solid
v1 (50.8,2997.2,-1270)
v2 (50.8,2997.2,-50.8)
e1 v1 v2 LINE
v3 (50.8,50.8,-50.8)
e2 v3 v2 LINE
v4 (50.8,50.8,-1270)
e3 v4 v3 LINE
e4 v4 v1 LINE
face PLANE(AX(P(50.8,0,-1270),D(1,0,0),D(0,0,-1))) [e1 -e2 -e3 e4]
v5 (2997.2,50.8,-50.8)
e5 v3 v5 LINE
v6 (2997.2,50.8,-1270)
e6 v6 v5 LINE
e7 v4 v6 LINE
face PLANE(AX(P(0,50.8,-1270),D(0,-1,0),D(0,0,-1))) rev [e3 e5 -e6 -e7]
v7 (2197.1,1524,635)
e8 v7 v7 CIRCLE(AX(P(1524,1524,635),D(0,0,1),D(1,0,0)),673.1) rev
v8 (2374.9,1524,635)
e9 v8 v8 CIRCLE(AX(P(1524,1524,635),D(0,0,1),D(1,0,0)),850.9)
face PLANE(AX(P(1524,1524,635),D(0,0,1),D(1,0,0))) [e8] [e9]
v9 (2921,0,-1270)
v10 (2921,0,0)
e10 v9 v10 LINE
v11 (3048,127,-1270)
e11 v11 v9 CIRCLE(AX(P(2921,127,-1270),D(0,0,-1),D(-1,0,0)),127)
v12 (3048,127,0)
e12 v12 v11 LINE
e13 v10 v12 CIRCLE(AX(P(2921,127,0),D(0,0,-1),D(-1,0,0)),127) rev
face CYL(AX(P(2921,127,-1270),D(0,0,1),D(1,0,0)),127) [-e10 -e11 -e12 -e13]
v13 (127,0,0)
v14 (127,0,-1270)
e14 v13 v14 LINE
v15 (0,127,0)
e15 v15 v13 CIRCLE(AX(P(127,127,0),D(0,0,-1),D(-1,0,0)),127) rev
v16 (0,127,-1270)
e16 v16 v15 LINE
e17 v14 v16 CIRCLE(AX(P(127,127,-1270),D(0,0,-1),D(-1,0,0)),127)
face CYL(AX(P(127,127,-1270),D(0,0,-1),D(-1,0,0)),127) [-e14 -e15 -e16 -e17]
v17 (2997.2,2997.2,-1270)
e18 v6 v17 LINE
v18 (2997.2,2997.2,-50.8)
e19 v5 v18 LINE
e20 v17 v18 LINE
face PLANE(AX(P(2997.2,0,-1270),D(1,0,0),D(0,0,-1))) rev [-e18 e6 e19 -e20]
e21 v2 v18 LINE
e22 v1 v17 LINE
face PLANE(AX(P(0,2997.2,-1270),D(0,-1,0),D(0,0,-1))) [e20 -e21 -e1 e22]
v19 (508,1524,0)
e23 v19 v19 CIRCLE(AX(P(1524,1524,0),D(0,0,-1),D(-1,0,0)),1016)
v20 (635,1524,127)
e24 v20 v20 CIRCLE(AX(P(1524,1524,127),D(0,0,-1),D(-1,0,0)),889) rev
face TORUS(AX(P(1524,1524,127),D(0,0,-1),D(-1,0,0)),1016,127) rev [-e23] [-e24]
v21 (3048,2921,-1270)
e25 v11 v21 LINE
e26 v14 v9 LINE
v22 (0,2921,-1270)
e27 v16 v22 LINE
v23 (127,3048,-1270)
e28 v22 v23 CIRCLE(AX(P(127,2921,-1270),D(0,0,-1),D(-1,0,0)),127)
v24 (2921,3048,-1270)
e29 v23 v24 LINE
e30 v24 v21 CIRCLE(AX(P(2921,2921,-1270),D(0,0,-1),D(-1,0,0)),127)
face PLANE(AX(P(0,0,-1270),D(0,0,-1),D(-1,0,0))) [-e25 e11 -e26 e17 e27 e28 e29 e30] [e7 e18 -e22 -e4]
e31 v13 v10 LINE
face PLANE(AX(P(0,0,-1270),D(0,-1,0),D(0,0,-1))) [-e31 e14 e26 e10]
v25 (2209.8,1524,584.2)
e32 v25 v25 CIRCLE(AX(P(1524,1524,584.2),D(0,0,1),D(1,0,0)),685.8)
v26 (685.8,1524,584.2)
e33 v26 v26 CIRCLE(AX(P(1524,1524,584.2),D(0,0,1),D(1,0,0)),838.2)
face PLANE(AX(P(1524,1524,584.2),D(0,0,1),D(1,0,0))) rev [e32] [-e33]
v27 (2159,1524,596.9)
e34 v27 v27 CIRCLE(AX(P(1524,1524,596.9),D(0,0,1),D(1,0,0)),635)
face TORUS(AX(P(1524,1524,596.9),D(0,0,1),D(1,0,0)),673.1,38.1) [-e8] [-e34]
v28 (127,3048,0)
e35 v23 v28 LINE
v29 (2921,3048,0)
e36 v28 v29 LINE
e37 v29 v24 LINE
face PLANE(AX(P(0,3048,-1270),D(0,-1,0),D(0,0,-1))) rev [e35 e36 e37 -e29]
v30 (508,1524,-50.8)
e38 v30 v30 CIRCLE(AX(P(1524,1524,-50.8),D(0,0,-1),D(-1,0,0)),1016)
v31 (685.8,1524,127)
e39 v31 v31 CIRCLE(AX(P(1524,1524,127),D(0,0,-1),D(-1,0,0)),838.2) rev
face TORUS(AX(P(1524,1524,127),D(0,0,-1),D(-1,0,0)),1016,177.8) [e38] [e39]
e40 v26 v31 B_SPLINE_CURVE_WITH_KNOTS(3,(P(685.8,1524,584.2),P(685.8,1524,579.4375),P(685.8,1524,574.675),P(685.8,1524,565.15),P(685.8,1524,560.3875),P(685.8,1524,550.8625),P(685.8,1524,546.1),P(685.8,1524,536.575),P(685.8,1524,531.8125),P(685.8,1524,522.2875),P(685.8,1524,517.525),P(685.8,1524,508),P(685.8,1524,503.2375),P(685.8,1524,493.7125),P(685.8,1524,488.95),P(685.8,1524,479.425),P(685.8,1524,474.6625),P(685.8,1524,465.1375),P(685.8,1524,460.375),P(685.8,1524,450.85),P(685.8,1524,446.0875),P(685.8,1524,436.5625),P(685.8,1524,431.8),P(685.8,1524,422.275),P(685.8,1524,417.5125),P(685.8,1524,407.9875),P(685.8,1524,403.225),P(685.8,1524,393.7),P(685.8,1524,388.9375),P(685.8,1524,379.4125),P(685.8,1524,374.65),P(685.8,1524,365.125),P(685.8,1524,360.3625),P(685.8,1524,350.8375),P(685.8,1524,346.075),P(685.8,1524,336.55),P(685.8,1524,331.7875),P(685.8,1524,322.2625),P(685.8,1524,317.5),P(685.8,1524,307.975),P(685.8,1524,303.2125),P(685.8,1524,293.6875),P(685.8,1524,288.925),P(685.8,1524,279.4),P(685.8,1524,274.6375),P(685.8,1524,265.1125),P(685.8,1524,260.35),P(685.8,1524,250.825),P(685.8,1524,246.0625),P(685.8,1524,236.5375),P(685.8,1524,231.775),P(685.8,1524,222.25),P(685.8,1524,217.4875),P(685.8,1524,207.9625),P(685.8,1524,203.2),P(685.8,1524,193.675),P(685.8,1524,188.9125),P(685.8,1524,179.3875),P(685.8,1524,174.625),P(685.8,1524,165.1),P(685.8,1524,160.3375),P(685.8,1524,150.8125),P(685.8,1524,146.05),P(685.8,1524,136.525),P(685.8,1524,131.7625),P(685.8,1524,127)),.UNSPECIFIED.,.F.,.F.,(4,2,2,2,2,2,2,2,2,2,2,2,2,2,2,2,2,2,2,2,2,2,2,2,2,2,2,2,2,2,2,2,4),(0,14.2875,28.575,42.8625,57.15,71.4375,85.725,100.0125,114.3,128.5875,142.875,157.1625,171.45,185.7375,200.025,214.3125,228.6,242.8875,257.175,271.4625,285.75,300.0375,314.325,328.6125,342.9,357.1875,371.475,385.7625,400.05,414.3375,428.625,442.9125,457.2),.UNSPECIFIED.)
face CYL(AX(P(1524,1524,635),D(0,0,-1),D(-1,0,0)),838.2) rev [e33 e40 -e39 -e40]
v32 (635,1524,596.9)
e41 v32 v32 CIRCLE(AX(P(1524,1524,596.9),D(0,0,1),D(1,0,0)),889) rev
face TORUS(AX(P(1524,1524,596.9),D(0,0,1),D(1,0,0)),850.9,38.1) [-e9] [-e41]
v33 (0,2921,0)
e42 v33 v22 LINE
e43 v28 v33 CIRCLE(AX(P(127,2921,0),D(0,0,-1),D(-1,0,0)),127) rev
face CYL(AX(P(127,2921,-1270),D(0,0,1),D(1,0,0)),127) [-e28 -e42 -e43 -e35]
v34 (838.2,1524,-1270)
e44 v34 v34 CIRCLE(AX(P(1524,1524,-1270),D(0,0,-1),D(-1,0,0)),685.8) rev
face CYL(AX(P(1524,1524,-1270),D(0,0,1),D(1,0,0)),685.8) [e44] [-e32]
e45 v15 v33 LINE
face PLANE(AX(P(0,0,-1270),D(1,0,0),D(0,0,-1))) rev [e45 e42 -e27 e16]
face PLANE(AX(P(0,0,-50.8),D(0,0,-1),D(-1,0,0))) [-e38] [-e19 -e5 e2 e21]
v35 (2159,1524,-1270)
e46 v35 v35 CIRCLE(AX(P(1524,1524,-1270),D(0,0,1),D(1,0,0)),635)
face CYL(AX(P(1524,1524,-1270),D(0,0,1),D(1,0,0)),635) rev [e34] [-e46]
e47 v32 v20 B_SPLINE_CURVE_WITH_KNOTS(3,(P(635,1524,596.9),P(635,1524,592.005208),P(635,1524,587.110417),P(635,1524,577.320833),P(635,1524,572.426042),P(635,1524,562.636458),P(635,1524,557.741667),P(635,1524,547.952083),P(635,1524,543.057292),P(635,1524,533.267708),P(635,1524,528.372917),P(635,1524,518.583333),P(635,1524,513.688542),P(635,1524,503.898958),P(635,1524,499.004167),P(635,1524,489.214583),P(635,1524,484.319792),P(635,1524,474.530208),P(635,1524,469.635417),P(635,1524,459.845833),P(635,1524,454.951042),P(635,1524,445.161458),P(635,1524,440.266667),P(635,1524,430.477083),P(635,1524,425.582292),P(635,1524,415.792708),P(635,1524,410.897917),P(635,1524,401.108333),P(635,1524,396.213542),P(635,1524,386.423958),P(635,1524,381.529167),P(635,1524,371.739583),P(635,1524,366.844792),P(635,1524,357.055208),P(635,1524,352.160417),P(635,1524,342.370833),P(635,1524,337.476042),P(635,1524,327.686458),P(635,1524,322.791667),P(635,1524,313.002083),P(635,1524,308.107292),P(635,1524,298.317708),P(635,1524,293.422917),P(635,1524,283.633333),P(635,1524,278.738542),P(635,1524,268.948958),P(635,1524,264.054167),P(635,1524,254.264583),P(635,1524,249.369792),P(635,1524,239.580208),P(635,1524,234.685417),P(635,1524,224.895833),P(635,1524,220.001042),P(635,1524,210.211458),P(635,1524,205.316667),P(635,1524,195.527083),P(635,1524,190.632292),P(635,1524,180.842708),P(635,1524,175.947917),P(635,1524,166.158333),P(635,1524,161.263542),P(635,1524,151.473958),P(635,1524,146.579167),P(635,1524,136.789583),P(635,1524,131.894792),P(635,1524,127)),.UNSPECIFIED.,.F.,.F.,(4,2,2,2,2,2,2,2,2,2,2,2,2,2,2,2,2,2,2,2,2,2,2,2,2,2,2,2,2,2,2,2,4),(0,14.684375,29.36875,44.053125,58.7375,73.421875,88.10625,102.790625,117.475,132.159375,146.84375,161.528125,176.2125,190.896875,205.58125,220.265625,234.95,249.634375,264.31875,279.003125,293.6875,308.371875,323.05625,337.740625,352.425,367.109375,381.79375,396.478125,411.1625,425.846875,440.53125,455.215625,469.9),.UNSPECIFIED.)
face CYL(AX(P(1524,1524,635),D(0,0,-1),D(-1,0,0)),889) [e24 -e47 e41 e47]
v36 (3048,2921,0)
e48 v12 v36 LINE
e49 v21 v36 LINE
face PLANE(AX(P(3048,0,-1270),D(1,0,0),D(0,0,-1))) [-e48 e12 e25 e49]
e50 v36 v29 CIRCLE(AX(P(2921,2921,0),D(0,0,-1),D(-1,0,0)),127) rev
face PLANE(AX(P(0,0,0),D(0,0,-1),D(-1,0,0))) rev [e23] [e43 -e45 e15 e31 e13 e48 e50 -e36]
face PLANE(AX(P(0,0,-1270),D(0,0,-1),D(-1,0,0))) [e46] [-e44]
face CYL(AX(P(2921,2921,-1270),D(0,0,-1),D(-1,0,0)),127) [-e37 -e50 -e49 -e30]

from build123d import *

# Parameters (mm, degrees)
SKETCH1_W           = 3048
SKETCH1_H           = 3048
BOSS_EXTRUDE1_DEPTH = 1270
SKETCH3_R           = 889
BOSS_EXTRUDE2_DEPTH = 635
SKETCH8_R           = 635
CUT_EXTRUDE1_DEPTH  = 4713.709730081
FILLET11_R          = 127
FILLET12_R          = 38.1
SHELL1_T            = -50.8
FILLET13_R          = 127


with BuildPart() as part:
    # Sketch1 → Boss-Extrude1 (new body)
    with BuildSketch(Plane.XY):
        with Locations((1524, 1524)):
            Rectangle(SKETCH1_W, SKETCH1_H)
    extrude(amount=-BOSS_EXTRUDE1_DEPTH)

    # Sketch3 → Boss-Extrude2 (add)
    with BuildSketch(Plane.XY):
        with Locations(Location((1524, 1524, 0), (0, 0, 180))):
            Circle(SKETCH3_R)
    extrude(amount=BOSS_EXTRUDE2_DEPTH)

    # Sketch8 → Cut-Extrude1 (cut, through all)
    with BuildSketch(Plane.XY.offset(635)):
        with Locations((1524, 1524)):
            Circle(SKETCH8_R)
    extrude(amount=-CUT_EXTRUDE1_DEPTH, mode=Mode.SUBTRACT)

    # Fillet11
    fillet11_edges = [part.edges().sort_by_distance(p)[0] for p in [
        (2413, 1524, 0),
    ]]
    fillet(fillet11_edges, radius=FILLET11_R)

    # Fillet12
    fillet12_edges = [part.edges().sort_by_distance(p)[0] for p in [
        (2413, 1524, 635),
        (889, 1524, 635),
    ]]
    fillet(fillet12_edges, radius=FILLET12_R)

    # Shell1
    shell1_openings = [part.faces().sort_by_distance(p)[0] for p in [
        (1524, 43.105229381, -1270),
    ]]
    offset(amount=SHELL1_T, openings=shell1_openings, kind=Kind.INTERSECTION)

    # Fillet13
    fillet13_edges = [part.edges().sort_by_distance(p)[0] for p in [
        (0, 0, -635),
        (3048, 0, -635),
        (3048, 3048, -635),
        (0, 3048, -635),
    ]]
    fillet(fillet13_edges, radius=FILLET13_R)


solid = part.part
